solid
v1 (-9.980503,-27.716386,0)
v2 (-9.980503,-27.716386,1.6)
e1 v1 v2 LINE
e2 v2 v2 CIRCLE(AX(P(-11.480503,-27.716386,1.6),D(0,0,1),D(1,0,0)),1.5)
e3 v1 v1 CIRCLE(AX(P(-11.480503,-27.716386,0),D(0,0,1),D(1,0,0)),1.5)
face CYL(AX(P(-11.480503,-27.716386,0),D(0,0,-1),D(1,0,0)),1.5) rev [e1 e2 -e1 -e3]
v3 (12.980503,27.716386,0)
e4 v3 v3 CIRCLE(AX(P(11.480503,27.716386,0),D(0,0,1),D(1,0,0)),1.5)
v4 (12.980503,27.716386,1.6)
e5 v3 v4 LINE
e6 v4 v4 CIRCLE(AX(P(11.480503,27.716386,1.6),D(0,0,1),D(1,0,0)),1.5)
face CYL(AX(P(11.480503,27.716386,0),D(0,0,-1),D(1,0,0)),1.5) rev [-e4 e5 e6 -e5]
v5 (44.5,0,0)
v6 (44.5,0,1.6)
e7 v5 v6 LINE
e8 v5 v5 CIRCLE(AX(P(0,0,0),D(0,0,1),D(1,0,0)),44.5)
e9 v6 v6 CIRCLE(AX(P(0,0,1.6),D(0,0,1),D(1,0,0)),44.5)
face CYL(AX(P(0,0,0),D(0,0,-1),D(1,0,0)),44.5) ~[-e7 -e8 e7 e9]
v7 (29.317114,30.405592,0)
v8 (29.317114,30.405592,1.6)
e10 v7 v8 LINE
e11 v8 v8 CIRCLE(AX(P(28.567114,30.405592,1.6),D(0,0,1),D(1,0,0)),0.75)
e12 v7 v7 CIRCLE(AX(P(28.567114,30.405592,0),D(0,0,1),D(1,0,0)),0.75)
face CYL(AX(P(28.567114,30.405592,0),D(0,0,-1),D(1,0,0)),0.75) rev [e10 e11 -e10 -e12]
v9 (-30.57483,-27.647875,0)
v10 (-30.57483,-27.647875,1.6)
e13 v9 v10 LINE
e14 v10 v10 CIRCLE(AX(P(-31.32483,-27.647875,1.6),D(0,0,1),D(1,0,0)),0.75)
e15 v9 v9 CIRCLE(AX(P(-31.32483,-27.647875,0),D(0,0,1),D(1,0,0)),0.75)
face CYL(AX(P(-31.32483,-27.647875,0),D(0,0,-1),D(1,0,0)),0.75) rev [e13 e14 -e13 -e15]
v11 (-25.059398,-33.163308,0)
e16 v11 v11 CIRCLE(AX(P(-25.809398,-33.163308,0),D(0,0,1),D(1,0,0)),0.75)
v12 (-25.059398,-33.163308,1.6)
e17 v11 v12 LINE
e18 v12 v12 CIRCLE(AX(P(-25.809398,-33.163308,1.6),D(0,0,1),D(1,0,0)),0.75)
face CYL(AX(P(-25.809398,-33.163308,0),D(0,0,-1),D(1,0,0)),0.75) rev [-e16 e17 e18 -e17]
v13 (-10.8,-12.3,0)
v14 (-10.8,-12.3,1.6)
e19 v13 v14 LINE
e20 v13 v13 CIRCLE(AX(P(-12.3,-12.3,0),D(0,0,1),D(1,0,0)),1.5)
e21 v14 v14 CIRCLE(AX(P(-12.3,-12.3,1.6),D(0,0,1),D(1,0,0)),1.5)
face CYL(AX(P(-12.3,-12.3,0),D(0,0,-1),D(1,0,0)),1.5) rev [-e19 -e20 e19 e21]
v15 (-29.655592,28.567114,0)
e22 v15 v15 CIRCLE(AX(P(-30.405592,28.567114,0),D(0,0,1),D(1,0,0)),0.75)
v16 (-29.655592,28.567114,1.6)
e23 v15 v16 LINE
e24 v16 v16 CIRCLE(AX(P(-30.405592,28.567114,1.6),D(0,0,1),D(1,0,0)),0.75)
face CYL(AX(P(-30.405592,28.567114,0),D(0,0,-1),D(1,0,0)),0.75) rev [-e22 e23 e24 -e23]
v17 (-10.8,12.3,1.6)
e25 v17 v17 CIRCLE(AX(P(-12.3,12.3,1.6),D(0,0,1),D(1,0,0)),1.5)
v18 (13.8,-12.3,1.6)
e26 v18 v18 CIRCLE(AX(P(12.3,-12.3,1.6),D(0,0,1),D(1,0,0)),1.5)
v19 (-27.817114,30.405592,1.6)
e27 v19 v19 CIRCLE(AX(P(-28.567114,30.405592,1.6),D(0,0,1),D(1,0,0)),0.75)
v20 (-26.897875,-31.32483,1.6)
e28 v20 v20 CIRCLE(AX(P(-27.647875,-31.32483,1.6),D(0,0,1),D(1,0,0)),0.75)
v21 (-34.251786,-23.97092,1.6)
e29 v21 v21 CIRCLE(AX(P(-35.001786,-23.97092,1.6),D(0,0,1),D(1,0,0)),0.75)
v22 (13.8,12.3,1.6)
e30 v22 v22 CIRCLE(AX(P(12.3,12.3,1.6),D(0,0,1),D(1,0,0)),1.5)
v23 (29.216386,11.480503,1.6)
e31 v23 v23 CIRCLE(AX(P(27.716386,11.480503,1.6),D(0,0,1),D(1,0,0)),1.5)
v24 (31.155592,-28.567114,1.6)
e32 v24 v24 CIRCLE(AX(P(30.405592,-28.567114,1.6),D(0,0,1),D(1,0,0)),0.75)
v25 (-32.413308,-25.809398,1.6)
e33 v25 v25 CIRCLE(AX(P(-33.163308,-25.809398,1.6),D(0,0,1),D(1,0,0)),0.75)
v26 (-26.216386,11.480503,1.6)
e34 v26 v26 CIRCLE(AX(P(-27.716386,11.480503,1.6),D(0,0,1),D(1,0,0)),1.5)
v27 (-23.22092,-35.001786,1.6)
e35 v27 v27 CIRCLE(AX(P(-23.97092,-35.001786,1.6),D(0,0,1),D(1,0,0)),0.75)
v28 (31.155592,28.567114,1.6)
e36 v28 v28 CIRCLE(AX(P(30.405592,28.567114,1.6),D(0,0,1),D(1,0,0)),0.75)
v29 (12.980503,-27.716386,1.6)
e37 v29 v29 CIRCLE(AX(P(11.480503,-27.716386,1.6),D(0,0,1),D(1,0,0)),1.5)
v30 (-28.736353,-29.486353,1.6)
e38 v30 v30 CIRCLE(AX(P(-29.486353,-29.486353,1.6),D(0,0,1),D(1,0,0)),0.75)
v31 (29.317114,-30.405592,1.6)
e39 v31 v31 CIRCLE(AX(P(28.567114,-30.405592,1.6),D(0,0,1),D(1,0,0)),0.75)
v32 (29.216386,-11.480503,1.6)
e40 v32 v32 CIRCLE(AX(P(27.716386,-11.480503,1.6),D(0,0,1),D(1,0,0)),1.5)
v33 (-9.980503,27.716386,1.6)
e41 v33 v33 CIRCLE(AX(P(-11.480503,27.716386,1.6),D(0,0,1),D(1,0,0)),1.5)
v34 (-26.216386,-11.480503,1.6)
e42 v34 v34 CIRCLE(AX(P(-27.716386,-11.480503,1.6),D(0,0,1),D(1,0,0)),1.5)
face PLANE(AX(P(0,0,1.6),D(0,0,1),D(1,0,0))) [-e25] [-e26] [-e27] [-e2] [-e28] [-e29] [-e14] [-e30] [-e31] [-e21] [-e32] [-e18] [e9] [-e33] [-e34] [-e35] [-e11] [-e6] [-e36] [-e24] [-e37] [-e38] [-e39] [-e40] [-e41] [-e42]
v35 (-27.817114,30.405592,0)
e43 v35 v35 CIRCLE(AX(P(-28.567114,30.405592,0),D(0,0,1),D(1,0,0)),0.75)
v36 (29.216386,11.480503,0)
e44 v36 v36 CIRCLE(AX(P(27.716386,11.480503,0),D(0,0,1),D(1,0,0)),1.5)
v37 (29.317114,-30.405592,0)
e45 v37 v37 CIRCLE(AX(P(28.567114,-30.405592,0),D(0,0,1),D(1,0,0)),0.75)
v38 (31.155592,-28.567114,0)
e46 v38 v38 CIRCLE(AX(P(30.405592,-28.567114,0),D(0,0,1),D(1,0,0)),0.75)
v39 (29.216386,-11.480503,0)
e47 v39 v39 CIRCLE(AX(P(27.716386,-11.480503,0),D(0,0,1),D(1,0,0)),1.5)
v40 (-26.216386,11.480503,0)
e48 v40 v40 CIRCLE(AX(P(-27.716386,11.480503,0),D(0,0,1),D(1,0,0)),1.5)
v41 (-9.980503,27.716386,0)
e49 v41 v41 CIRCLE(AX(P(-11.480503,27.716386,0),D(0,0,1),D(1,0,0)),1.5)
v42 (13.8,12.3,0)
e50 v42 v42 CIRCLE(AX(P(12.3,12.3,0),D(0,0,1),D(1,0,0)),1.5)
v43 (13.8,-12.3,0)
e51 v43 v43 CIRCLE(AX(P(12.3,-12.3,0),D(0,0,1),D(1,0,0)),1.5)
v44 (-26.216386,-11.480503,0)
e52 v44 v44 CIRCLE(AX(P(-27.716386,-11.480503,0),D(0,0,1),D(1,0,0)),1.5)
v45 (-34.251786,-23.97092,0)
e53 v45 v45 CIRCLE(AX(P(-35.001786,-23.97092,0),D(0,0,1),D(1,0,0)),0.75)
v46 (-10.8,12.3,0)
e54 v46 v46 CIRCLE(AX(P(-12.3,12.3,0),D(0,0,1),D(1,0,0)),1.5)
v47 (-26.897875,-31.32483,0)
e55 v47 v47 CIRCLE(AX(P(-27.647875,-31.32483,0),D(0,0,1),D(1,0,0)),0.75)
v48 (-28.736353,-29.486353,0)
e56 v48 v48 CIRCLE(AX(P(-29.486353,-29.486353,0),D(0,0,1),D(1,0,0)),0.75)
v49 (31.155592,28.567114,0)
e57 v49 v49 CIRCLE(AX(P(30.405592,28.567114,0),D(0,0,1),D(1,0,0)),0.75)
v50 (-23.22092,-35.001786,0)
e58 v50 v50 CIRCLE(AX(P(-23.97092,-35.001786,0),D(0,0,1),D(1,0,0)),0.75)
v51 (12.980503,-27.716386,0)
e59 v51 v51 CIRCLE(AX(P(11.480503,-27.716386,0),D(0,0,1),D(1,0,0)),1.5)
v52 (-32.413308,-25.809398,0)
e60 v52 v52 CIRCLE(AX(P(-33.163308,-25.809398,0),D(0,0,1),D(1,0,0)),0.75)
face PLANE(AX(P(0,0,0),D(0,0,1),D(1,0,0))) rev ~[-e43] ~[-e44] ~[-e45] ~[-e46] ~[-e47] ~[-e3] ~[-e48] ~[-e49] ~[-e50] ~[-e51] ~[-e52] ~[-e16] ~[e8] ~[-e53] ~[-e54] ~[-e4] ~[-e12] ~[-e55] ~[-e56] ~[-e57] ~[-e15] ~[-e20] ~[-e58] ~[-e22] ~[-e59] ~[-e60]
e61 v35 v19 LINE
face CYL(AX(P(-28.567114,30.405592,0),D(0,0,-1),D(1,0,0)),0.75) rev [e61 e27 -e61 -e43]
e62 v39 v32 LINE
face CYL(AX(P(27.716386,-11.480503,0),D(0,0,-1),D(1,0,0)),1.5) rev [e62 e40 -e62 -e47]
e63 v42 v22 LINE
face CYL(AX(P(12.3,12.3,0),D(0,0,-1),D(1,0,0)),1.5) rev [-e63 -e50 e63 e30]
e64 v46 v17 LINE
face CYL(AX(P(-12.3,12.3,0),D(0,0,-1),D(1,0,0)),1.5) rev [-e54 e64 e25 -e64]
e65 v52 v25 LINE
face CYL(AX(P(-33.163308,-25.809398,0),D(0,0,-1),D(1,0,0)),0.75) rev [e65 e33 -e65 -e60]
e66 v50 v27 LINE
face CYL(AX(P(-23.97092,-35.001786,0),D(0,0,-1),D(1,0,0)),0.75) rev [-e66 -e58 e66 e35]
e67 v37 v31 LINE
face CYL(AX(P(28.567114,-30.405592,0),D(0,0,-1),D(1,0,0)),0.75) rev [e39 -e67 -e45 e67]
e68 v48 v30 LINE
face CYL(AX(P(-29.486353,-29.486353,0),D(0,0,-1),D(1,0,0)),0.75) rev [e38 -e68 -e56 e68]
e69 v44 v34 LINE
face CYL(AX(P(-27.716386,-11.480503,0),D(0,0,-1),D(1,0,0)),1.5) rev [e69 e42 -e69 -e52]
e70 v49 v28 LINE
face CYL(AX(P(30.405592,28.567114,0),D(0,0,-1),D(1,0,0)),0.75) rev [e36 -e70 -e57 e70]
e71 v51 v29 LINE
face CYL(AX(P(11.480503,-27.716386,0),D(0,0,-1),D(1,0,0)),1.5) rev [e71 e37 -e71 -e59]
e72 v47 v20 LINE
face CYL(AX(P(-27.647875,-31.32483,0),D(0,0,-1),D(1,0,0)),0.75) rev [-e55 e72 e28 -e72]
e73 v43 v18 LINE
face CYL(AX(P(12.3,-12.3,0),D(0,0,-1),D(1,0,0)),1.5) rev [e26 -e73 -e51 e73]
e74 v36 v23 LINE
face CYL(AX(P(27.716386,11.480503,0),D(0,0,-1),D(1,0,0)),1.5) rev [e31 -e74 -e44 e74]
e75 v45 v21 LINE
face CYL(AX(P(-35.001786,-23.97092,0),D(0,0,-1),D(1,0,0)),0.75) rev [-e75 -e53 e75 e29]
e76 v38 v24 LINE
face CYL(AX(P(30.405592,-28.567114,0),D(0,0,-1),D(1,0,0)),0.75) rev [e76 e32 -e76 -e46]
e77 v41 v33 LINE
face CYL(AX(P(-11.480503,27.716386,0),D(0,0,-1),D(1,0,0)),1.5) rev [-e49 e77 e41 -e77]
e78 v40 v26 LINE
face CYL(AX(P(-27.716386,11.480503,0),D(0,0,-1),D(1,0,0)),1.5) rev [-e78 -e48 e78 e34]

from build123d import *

# Parameters (mm, degrees)
F0_R     = 44.5
F0_R_2   = 0.75
F0_R_3   = 1.5
F1_DEPTH = 1.6


with BuildPart() as f1:
    # F0 (on Top) → F1 (new body)
    with BuildSketch(Plane.XY):
        Circle(F0_R)
        with Locations((-23.97092, -35.001786)):
            Circle(F0_R_2, mode=Mode.SUBTRACT)
        with Locations((-35.001786, -23.97092)):
            Circle(F0_R_2, mode=Mode.SUBTRACT)
        with Locations((-29.486353, -29.486353)):
            Circle(F0_R_2, mode=Mode.SUBTRACT)
        with Locations((-25.809398, -33.163308)):
            Circle(F0_R_2, mode=Mode.SUBTRACT)
        with Locations((-27.647875, -31.32483)):
            Circle(F0_R_2, mode=Mode.SUBTRACT)
        with Locations((-31.32483, -27.647875)):
            Circle(F0_R_2, mode=Mode.SUBTRACT)
        with Locations((-33.163308, -25.809398)):
            Circle(F0_R_2, mode=Mode.SUBTRACT)
        with Locations((-11.480503, -27.716386)):
            Circle(F0_R_3, mode=Mode.SUBTRACT)
        with Locations((-27.716386, -11.480503)):
            Circle(F0_R_3, mode=Mode.SUBTRACT)
        with Locations((-12.3, -12.3)):
            Circle(F0_R_3, mode=Mode.SUBTRACT)
        with Locations((11.480503, -27.716386)):
            Circle(F0_R_3, mode=Mode.SUBTRACT)
        with Locations((28.567114, -30.405592)):
            Circle(F0_R_2, mode=Mode.SUBTRACT)
        with Locations((30.405592, -28.567114)):
            Circle(F0_R_2, mode=Mode.SUBTRACT)
        with Locations((12.3, -12.3)):
            Circle(F0_R_3, mode=Mode.SUBTRACT)
        with Locations((27.716386, -11.480503)):
            Circle(F0_R_3, mode=Mode.SUBTRACT)
        with Locations((-27.716386, 11.480503)):
            Circle(F0_R_3, mode=Mode.SUBTRACT)
        with Locations((-12.3, 12.3)):
            Circle(F0_R_3, mode=Mode.SUBTRACT)
        with Locations((-30.405592, 28.567114)):
            Circle(F0_R_2, mode=Mode.SUBTRACT)
        with Locations((-28.567114, 30.405592)):
            Circle(F0_R_2, mode=Mode.SUBTRACT)
        with Locations((-11.480503, 27.716386)):
            Circle(F0_R_3, mode=Mode.SUBTRACT)
        with Locations((12.3, 12.3)):
            Circle(F0_R_3, mode=Mode.SUBTRACT)
        with Locations((27.716386, 11.480503)):
            Circle(F0_R_3, mode=Mode.SUBTRACT)
        with Locations((11.480503, 27.716386)):
            Circle(F0_R_3, mode=Mode.SUBTRACT)
        with Locations((30.405592, 28.567114)):
            Circle(F0_R_2, mode=Mode.SUBTRACT)
        with Locations((28.567114, 30.405592)):
            Circle(F0_R_2, mode=Mode.SUBTRACT)
    extrude(amount=F1_DEPTH)


solid = f1.part
